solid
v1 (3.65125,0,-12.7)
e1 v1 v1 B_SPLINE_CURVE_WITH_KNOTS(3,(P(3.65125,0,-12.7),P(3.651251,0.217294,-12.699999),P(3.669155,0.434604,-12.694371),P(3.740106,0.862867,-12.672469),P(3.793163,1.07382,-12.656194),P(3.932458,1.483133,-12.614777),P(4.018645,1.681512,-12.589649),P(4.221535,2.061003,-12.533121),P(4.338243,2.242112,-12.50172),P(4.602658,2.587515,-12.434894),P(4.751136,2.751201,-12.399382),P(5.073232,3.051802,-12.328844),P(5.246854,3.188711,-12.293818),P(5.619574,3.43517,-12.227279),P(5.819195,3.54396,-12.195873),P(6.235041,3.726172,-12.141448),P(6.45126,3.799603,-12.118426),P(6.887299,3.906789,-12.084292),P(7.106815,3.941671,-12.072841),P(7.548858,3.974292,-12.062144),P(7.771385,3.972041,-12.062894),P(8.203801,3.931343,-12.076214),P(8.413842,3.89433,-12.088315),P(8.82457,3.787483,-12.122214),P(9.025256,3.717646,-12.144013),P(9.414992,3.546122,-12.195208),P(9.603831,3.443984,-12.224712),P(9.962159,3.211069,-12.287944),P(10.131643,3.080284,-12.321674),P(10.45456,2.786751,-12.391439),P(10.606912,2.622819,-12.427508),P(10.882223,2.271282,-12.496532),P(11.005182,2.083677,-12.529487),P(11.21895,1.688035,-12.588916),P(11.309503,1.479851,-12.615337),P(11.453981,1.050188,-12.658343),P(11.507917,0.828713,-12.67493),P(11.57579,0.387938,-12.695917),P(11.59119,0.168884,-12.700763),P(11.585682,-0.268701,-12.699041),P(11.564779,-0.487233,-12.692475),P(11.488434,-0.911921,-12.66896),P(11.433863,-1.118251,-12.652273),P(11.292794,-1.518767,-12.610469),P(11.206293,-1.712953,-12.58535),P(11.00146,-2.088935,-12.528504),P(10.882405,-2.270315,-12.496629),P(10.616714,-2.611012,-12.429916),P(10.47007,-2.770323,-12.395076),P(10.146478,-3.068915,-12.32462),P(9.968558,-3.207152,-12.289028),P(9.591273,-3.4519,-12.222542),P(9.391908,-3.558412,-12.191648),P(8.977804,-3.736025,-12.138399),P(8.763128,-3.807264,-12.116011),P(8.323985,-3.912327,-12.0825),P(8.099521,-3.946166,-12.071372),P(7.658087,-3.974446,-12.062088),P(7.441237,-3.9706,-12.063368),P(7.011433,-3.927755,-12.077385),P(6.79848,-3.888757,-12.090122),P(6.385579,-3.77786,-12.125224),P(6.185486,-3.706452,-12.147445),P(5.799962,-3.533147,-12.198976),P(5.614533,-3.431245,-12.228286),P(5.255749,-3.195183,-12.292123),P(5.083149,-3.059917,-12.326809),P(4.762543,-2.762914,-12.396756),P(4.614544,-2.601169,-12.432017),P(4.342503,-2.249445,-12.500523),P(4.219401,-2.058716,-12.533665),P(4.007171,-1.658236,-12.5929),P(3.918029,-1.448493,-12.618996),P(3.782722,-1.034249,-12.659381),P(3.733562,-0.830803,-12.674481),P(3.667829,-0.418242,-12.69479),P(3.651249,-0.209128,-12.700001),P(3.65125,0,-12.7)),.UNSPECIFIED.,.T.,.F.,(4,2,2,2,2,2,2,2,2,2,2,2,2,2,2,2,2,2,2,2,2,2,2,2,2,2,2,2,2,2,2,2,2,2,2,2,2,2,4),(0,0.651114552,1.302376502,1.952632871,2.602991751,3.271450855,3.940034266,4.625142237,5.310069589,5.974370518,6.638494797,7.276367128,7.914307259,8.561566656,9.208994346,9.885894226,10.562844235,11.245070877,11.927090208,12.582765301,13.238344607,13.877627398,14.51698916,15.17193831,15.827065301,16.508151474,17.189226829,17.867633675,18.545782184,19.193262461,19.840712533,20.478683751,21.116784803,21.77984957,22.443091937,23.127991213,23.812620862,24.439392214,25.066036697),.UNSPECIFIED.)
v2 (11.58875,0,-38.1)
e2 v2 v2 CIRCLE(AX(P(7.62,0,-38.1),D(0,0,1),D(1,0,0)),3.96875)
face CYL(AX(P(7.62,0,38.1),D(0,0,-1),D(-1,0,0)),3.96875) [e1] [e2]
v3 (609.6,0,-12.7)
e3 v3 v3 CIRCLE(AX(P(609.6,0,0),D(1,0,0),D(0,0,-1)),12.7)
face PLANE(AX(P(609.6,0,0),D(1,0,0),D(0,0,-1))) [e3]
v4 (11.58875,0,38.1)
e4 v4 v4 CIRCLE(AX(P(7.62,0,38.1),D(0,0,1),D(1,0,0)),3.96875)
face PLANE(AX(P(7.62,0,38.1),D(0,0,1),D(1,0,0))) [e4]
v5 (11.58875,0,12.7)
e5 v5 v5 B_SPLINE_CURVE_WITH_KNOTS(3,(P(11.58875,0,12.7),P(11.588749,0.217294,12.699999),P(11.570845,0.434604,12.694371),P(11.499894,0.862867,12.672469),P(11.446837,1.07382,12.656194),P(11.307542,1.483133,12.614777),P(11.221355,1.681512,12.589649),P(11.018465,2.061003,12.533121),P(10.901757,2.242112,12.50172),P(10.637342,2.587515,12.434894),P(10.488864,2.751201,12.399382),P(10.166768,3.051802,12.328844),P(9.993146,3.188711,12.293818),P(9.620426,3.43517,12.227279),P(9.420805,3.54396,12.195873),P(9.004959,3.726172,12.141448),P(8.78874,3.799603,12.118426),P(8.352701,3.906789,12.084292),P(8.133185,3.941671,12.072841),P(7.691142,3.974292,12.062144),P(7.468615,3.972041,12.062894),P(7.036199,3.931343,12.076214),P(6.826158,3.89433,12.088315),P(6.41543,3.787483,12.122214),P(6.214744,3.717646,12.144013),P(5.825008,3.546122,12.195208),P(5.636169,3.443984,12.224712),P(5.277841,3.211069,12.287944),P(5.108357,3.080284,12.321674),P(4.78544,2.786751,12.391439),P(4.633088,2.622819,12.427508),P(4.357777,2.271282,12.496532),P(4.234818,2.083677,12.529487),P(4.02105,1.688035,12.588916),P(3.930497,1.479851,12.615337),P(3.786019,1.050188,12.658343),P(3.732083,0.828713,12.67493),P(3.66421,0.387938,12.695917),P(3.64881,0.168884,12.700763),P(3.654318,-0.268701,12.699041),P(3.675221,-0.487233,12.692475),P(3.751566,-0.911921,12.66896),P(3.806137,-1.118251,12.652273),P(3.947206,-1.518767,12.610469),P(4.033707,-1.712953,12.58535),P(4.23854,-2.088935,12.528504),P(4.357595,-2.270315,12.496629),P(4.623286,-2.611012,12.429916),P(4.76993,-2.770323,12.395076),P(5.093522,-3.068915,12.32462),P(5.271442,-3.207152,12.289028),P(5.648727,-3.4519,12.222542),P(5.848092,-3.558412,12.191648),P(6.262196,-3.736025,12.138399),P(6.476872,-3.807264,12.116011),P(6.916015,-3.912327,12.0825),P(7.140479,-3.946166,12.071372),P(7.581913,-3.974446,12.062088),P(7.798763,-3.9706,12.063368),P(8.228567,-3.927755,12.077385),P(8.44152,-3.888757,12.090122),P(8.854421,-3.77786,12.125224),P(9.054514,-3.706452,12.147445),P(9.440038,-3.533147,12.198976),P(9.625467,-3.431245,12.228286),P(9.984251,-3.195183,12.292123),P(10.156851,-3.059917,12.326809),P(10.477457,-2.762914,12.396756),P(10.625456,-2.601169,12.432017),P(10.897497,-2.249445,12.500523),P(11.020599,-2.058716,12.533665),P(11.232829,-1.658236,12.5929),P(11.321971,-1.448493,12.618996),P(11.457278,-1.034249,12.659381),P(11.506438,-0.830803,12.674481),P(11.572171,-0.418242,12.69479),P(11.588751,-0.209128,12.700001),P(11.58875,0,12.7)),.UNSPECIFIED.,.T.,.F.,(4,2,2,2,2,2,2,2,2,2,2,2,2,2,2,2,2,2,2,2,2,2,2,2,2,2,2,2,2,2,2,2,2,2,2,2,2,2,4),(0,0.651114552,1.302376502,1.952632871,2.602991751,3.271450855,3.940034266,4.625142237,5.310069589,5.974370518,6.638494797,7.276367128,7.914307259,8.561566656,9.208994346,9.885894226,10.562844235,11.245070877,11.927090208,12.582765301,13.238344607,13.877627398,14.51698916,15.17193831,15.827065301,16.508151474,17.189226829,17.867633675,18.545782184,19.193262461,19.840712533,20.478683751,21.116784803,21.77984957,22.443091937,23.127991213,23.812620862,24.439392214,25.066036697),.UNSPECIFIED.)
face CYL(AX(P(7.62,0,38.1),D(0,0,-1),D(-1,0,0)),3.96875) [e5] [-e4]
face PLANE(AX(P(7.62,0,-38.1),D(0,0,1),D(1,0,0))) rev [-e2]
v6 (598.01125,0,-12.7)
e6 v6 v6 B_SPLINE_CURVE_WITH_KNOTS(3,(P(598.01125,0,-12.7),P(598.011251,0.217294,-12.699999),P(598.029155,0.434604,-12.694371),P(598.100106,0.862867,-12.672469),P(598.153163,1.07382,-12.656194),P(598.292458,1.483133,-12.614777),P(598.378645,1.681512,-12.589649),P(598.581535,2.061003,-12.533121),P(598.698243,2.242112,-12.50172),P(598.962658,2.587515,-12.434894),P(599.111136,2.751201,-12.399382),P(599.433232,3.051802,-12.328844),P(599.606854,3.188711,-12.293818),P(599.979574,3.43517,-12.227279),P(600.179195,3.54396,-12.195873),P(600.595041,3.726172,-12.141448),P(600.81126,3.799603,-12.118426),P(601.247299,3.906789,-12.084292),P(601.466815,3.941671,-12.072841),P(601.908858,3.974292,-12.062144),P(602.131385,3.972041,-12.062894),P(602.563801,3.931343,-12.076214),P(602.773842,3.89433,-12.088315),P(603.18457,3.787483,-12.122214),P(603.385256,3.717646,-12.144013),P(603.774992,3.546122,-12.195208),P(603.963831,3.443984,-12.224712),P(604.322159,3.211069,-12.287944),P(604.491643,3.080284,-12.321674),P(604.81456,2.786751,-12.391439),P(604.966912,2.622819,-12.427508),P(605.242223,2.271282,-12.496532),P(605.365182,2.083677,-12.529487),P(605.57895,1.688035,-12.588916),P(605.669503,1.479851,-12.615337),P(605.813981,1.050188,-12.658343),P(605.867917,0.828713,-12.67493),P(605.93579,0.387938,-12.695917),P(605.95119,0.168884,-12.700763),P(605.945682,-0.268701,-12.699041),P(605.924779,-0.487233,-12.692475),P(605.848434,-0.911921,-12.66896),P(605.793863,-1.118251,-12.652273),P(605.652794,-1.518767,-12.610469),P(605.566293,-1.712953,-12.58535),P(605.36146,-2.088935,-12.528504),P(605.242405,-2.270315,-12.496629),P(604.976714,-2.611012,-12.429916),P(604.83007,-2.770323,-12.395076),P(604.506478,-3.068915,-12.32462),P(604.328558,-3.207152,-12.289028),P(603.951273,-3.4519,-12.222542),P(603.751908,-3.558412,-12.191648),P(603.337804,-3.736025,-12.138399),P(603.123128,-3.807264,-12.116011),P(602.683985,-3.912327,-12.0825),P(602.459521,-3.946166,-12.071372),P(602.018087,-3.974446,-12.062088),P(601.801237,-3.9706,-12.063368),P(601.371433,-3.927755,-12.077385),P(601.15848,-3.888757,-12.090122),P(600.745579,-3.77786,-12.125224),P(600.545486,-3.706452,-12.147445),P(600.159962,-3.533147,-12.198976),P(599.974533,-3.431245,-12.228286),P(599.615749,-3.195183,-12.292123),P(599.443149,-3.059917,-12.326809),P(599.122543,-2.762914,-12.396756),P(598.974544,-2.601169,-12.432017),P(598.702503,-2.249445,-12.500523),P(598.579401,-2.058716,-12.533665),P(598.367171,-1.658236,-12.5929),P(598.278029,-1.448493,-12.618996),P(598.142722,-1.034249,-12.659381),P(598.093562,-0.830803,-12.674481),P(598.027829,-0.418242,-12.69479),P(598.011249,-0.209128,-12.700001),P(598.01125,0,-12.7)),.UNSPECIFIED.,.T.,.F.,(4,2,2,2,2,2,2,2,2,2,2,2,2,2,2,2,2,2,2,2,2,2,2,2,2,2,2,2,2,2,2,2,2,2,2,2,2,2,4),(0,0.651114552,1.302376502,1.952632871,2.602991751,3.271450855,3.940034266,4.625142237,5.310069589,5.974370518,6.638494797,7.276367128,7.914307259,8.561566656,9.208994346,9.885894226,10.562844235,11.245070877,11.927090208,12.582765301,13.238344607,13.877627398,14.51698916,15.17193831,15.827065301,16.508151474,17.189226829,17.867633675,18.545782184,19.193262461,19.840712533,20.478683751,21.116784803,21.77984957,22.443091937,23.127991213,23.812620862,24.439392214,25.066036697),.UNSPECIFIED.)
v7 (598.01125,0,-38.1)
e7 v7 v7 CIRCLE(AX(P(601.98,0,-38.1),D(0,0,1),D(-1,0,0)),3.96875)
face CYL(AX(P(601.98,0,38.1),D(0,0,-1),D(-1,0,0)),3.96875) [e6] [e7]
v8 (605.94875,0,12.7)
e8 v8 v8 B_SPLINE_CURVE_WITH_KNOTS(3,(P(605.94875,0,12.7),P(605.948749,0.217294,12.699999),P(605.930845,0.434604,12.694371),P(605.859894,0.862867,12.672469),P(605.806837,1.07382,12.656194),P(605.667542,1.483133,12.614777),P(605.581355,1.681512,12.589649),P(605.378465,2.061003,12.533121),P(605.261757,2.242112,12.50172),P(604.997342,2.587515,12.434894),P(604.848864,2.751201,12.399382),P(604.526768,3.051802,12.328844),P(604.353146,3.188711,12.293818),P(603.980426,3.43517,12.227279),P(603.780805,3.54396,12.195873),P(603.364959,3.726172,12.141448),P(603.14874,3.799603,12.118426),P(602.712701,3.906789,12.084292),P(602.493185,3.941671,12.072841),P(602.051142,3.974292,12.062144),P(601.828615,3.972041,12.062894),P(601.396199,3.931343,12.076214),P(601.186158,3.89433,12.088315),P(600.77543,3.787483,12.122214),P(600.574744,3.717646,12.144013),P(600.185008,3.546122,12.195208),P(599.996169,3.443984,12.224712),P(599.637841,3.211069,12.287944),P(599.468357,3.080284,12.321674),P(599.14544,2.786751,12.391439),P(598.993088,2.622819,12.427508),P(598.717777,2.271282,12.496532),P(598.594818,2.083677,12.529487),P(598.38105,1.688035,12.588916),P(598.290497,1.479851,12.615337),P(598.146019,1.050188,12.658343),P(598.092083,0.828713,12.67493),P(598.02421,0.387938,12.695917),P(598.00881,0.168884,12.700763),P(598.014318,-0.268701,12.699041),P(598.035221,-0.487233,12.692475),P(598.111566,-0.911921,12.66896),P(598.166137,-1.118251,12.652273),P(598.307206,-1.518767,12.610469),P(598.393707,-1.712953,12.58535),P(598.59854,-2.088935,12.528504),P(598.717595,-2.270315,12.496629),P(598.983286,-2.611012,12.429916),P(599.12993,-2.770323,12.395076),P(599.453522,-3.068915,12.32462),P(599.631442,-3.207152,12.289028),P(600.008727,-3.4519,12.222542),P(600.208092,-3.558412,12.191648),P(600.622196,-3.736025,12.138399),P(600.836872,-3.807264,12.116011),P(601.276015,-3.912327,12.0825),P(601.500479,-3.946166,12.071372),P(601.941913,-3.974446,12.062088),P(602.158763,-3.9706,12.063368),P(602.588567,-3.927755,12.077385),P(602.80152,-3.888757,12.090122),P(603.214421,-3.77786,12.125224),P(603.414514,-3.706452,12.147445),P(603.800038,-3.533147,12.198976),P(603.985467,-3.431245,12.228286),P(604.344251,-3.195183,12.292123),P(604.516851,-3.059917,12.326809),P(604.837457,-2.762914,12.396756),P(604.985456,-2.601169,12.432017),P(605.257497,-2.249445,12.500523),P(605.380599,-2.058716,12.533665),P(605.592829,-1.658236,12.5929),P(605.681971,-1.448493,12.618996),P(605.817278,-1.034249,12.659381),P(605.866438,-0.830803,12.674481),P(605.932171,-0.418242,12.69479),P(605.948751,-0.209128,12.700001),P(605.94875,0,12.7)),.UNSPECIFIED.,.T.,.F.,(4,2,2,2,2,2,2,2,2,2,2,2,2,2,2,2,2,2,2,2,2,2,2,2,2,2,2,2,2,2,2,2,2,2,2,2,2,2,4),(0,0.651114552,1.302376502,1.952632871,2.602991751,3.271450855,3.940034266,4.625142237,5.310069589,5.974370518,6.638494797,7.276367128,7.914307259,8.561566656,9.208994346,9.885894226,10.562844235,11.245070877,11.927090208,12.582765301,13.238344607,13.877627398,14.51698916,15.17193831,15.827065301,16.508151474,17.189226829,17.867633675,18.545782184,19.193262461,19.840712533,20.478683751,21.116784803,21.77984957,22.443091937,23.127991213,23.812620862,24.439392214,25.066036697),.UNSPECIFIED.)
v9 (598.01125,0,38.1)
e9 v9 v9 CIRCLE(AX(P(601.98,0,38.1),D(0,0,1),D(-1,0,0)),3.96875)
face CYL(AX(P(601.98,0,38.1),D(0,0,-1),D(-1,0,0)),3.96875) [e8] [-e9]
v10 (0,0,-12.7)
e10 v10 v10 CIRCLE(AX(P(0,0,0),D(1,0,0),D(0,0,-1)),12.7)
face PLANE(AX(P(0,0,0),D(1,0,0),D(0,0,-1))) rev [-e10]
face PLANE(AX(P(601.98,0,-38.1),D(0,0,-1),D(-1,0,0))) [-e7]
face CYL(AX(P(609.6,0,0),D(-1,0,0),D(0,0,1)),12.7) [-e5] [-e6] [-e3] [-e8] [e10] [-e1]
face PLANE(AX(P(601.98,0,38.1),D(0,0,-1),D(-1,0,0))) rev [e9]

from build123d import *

# Parameters (mm, degrees)
SKETCH1_R           = 12.7
BOSS_EXTRUDE1_DEPTH = 609.6
SKETCH2_R           = 3.96875
BOSS_EXTRUDE2_DEPTH = 38.1


with BuildPart() as part:
    # Sketch1 → Boss-Extrude1 (new body)
    with BuildSketch(Plane(origin=(0, 0, 0), x_dir=(0, 0, -1), z_dir=(1, 0, 0))):
        with Locations(Location((0, 0, 0), (0, 0, 180))):
            Circle(SKETCH1_R)
    extrude(amount=BOSS_EXTRUDE1_DEPTH)

    # Sketch2 → Boss-Extrude2 (add, symmetric)
    with BuildSketch(Plane.XY):
        with Locations((7.62, 0)):
            Circle(SKETCH2_R)
        with Locations(Location((601.98, 0, 0), (0, 0, 180))):
            Circle(SKETCH2_R)
    extrude(amount=BOSS_EXTRUDE2_DEPTH, both=True)


solid = part.part
